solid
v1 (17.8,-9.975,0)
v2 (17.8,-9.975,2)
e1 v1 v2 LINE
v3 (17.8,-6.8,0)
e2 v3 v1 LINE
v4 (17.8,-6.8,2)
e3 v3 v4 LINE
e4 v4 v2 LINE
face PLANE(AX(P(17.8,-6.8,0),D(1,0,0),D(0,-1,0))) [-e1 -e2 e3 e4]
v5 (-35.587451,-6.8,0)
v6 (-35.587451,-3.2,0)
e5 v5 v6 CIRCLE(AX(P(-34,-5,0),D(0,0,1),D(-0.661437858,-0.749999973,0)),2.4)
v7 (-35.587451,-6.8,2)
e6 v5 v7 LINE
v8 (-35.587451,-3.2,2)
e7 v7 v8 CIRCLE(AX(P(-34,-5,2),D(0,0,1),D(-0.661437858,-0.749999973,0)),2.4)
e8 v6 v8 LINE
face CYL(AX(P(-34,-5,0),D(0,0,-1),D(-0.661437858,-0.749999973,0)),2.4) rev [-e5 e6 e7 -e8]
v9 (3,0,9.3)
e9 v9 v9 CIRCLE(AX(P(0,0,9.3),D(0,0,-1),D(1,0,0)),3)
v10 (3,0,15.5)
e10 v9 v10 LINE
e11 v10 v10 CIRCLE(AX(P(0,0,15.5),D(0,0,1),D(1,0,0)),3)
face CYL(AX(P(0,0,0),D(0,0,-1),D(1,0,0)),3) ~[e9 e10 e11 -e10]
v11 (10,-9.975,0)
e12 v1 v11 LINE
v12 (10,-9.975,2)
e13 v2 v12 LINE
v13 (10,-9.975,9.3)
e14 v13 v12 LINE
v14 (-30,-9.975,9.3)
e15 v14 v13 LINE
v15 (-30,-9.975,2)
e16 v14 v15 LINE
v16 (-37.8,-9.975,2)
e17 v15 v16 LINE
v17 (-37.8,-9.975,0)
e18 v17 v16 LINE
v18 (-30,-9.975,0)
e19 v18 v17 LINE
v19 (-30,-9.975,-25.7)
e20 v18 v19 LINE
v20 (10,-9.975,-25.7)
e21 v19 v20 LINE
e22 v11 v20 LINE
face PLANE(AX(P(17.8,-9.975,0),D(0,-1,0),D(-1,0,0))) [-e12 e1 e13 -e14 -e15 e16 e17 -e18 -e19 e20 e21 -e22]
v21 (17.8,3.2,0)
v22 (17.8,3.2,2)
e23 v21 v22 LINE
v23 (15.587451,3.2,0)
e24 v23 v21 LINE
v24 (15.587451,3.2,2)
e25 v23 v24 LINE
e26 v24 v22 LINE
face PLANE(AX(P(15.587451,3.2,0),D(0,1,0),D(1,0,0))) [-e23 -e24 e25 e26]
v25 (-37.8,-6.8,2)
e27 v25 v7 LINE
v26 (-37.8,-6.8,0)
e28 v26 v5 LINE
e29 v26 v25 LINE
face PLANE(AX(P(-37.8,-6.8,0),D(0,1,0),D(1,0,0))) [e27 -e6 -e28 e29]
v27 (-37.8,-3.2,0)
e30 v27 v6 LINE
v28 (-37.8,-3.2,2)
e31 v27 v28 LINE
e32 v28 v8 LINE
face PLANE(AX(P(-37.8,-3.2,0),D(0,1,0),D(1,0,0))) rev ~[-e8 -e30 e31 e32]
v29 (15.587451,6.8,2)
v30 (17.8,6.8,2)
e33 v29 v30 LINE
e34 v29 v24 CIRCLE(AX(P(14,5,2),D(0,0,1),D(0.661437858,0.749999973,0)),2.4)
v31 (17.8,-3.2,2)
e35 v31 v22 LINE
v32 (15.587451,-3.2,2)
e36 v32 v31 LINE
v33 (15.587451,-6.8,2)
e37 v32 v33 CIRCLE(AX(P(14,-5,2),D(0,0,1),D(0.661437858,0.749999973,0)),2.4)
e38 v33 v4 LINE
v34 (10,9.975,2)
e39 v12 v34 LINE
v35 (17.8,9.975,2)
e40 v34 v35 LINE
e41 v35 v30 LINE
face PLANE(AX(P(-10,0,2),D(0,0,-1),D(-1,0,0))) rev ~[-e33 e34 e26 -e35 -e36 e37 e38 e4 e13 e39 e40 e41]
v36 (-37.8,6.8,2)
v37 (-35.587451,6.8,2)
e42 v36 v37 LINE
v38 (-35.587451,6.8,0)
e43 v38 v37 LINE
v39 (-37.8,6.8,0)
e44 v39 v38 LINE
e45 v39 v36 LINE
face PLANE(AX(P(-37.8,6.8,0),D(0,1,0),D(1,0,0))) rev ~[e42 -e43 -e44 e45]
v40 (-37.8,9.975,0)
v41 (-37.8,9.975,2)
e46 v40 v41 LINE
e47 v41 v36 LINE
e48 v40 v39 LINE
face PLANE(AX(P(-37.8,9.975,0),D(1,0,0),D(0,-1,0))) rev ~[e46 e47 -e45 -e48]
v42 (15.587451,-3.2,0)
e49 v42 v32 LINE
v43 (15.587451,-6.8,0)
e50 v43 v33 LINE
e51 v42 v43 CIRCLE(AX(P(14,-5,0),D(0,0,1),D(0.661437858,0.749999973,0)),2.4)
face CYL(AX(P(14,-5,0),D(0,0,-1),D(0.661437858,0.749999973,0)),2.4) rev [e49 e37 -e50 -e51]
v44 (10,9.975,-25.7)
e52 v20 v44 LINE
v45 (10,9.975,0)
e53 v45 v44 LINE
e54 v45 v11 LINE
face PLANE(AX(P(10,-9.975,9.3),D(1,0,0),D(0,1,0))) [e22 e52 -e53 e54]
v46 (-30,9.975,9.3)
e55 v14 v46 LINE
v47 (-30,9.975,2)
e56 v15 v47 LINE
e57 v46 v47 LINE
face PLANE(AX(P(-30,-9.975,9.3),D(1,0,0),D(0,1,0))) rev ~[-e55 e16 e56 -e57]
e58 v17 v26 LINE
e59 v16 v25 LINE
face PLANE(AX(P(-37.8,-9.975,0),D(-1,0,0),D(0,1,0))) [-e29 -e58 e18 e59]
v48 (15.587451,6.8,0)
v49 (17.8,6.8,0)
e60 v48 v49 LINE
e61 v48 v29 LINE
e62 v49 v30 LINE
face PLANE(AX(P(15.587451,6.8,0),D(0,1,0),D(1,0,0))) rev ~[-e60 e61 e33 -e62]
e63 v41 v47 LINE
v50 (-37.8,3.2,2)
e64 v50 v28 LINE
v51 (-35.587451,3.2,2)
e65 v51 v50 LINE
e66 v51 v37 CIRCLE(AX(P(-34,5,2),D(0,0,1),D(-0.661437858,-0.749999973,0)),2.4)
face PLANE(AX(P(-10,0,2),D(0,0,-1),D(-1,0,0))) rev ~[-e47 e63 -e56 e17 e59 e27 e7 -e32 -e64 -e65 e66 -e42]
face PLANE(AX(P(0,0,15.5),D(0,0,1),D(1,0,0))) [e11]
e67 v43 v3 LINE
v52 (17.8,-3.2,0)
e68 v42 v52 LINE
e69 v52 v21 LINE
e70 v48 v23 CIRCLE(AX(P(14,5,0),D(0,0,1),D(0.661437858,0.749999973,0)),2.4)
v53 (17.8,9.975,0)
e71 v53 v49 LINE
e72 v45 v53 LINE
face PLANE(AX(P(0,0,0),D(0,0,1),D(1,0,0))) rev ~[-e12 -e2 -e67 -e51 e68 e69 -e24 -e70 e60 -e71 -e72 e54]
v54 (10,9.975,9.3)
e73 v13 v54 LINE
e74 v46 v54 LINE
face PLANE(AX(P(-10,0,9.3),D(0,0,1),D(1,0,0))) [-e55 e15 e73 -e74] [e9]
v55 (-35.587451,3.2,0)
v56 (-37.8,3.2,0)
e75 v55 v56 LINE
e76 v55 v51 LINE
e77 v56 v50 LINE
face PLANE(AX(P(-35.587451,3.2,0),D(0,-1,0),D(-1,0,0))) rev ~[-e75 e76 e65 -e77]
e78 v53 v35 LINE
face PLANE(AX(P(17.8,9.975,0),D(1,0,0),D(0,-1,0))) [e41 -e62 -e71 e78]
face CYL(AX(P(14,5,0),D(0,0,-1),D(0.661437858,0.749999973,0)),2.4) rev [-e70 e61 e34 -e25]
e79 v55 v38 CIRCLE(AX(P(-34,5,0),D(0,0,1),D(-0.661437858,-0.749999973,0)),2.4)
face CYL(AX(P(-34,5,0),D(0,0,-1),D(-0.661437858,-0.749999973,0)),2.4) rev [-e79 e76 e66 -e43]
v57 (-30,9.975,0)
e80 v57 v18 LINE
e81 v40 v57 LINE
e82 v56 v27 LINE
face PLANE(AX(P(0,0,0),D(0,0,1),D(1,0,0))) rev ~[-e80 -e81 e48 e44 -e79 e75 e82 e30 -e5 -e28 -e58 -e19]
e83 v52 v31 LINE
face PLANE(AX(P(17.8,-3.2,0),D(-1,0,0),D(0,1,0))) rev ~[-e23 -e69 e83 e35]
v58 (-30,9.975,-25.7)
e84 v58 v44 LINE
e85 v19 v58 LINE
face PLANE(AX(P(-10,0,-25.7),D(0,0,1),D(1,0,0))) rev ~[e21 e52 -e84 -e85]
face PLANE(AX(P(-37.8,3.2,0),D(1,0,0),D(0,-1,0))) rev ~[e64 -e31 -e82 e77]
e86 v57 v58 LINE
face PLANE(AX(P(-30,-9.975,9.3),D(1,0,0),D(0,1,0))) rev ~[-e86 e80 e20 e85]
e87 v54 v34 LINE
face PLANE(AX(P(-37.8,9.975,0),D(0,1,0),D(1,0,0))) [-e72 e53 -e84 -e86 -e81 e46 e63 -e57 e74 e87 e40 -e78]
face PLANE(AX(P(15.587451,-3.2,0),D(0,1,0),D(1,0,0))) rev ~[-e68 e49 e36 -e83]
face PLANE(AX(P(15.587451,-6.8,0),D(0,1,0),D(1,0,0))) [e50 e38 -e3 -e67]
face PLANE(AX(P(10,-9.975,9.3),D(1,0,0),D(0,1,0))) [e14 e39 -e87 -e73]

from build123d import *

# Parameters (mm, degrees)
SKETCH003_R      = 3
EXTRUDE004_DEPTH = 15.5
EXTRUDE002_DEPTH = 2
SKETCH001_W      = 40
SKETCH001_H      = 19.95
EXTRUDE001_DEPTH = 35


with BuildPart() as extrude004:
    # Sketch003 → Extrude004 (new body)
    with BuildSketch(Plane.XY):
        Circle(SKETCH003_R)
    extrude(amount=EXTRUDE004_DEPTH)


with BuildPart() as fusion:
    # Sketch → Extrude002 (new body)
    with BuildSketch(Plane.XY):
        with BuildLine():
            Line((-37.8, 9.975), (17.8, 9.975))
            Line((17.8, 9.975), (17.8, 6.8))
            Line((15.587451, 6.8), (17.8, 6.8))
            ThreePointArc((15.587451, 6.8), (11.6, 5), (15.587451, 3.2))
            Line((15.587451, 3.2), (17.8, 3.2))
            Line((17.8, -3.2), (17.8, 3.2))
            Line((15.587451, -3.2), (17.8, -3.2))
            ThreePointArc((15.587451, -3.2), (11.6, -5), (15.587451, -6.8))
            Line((15.587451, -6.8), (17.8, -6.8))
            Line((17.8, -6.8), (17.8, -9.975))
            Line((17.8, -9.975), (-37.8, -9.975))
            Line((-37.8, -9.975), (-37.8, -6.8))
            Line((-37.8, -6.8), (-35.587451, -6.8))
            ThreePointArc((-35.587451, -6.8), (-31.6, -5), (-35.587451, -3.2))
            Line((-37.8, -3.2), (-35.587451, -3.2))
            Line((-37.8, 3.2), (-37.8, -3.2))
            Line((-35.587451, 3.2), (-37.8, 3.2))
            ThreePointArc((-35.587451, 3.2), (-31.6, 5), (-35.587451, 6.8))
            Line((-37.8, 6.8), (-35.587451, 6.8))
            Line((-37.8, 9.975), (-37.8, 6.8))
        make_face()
    extrude(amount=EXTRUDE002_DEPTH)

    # Fusion: union Extrude004
    add(extrude004.part)


with BuildPart() as fusion001:
    # Sketch001 → Extrude001 (new body)
    with BuildSketch(Plane.XY.offset(9.3)):
        with Locations((-10, 0)):
            Rectangle(SKETCH001_W, SKETCH001_H)
    extrude(amount=-EXTRUDE001_DEPTH)

    # Fusion001: union Fusion
    add(fusion.part)


solid = fusion001.part
